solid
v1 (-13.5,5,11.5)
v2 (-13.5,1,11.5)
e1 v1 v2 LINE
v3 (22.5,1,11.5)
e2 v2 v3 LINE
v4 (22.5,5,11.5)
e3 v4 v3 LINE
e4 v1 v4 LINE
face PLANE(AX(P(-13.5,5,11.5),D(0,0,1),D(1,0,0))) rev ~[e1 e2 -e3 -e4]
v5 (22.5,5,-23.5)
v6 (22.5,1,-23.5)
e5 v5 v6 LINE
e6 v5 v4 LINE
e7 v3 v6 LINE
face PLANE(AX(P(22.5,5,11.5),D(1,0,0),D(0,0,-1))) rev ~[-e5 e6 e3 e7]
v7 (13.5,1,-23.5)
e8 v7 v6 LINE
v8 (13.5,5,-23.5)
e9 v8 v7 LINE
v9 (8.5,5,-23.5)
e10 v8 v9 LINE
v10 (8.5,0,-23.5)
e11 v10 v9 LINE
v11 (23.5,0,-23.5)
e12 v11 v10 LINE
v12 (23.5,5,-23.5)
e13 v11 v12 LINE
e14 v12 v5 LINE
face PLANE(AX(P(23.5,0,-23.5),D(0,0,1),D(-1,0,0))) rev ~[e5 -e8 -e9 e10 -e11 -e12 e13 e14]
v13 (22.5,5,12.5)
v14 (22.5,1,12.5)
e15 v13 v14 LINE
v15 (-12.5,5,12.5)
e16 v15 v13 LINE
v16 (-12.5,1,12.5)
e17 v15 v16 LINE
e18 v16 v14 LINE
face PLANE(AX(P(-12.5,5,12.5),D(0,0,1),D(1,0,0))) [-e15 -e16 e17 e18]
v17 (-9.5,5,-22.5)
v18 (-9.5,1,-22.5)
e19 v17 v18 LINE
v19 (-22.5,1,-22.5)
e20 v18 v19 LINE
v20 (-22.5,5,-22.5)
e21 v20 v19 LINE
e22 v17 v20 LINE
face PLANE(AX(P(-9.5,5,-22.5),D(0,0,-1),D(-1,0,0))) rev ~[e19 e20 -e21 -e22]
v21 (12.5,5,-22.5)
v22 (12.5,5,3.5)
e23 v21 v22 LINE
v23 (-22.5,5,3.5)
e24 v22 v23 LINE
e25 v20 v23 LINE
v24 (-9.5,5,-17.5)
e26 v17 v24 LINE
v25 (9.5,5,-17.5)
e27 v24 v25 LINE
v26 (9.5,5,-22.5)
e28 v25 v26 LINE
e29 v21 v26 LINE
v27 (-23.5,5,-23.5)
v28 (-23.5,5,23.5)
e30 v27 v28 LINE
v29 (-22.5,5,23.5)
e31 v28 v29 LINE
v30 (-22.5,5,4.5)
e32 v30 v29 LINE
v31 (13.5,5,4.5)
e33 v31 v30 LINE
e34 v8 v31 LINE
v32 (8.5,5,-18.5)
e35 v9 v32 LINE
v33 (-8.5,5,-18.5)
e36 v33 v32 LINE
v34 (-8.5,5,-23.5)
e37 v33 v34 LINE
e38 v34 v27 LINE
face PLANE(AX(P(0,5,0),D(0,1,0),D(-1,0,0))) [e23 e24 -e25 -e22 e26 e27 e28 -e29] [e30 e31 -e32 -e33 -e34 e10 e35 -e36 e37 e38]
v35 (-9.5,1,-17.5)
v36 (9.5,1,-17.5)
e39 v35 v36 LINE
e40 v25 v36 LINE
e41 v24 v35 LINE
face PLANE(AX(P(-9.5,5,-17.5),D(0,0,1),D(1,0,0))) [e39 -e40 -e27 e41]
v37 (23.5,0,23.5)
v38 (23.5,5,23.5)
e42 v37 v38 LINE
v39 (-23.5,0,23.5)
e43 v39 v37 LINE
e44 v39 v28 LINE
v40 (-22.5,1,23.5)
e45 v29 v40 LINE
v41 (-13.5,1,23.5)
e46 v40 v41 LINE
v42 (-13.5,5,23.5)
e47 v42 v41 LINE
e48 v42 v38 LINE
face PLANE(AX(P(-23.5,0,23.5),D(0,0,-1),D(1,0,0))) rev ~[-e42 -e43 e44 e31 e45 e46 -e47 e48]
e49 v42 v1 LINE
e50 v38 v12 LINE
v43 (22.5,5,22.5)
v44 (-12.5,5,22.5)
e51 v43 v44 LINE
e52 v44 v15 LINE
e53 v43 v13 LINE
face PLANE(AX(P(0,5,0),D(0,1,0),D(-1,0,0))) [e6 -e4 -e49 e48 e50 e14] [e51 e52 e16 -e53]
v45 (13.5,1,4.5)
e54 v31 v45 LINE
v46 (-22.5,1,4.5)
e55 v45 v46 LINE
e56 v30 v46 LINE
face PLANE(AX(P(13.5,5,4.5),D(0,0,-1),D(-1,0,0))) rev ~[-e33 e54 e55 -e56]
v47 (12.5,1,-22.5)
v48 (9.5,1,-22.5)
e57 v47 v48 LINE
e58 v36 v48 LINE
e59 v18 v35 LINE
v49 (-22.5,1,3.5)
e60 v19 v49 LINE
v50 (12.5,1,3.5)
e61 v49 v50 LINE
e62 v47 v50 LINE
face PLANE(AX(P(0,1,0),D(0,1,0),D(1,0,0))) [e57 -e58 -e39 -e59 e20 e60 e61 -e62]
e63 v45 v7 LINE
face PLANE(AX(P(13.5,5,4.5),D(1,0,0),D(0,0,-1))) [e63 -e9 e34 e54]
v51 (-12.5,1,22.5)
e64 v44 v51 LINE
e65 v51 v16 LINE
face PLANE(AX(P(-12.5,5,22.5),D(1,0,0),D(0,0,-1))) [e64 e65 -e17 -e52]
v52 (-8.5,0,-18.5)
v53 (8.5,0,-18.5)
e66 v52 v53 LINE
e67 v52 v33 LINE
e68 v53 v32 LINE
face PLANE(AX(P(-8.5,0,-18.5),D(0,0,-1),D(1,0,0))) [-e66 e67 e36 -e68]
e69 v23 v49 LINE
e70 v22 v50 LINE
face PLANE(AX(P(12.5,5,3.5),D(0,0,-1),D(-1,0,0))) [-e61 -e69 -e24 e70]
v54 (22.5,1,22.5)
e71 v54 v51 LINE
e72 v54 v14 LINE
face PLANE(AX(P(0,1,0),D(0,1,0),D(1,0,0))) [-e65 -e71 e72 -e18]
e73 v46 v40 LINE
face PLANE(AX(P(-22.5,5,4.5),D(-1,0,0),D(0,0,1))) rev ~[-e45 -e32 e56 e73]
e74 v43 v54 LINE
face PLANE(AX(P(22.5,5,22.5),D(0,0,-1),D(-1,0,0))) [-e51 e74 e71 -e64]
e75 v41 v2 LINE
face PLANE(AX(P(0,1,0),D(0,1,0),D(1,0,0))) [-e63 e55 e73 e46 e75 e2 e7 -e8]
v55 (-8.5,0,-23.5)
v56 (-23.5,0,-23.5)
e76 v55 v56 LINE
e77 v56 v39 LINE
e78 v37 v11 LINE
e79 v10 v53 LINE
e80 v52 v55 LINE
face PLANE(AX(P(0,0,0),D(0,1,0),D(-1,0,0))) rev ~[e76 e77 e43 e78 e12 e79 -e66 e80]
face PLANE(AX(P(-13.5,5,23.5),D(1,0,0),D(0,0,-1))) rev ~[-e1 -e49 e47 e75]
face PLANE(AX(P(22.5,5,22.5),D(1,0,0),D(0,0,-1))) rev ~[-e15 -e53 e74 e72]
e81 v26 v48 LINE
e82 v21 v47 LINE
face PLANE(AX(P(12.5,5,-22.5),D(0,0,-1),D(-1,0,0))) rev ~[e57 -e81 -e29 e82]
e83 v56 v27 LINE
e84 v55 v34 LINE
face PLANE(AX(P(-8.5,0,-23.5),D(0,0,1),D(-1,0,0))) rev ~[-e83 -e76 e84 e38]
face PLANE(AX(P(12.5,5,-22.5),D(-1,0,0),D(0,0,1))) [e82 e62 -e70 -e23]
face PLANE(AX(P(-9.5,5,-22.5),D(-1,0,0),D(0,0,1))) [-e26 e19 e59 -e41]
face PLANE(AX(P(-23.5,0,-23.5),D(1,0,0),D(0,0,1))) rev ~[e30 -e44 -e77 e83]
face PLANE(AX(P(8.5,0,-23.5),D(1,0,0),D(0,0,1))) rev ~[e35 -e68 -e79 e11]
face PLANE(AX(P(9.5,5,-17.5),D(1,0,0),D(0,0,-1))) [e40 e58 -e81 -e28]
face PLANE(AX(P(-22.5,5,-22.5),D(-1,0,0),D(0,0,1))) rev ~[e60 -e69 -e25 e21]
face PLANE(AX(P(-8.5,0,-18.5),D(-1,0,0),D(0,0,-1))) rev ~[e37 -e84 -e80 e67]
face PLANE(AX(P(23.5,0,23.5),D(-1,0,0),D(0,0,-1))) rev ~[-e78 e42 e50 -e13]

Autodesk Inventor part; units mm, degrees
ref_plane "YZ Plane" through (0, 0, 0) normal (1, 0, 0) x (0, 1, 0)
ref_plane "XZ Plane" through (0, 0, 0) normal (0, 1, 0) x (-1, 0, 0)
ref_plane "XY Plane" through (0, 0, 0) normal (0, 0, 1) x (1, 0, 0)
sketch "Sketch1" plane through (0, 0, 0) normal (0, 1, 0) x (-1, 0, 0)
  point P0 (0, 0)
sketch "Sketch2" plane through (0, 0, 0) normal (0, 1, 0) x (-1, 0, 0)
  line L0 (23.5, 23.5) -> (-23.5, 23.5)
  line L1 (-23.5, 23.5) -> (-23.5, -23.5)
  line L2 (23.5, -23.5) -> (23.5, 23.5)
  line L3 (8.5, -18.5) -> (-8.5, -18.5)
  line L4 (-8.5, -23.5) -> (-8.5, -18.5)
  line L5 (8.5, -18.5) -> (8.5, -23.5)
  line L6 (-23.5, -23.5) -> (-8.5, -23.5)
  line L7 (8.5, -23.5) -> (23.5, -23.5)
  point P0 (0, 0)
  dimension "d4" = 47
  dimension "d5" = 47
  dimension "d7" = 23.5
  dimension "d41" = 15
  dimension "d42" = 15
extrude "Extrusion1" add sketch "Sketch2" along normal blind 5
sketch "Sketch3" plane through (0, 5, 0) normal (0, 1, 0) x (1, 0, 0)
  point P0 (0, 0)
sketch "Sketch4" plane through (0, 5, 0) normal (0, 1, 0) x (1, 0, 0)
  line L0 (22.5, -22.5) -> (22.5, 22.5)
  line L1 (-22.5, 22.5) -> (-22.5, -31.5)
  line L2 (22.5, 22.5) -> (13.5356, 22.5)
  line L3 (22.5, 11) -> (22.5, 22.5)
  line L4 (13.5, -4.5) -> (-22.5, -4.5)
  line L5 (-22.5, -4.5) -> (-22.5, -23.5)
  line L6 (-23.5, 23.5) -> (-23.5, -23.5) projected
  line L7 (-22.5, -23.5) -> (-13.5, -23.5)
  line L8 (-13.5, -23.5) -> (-13.5, -11.5)
  line L9 (-13.5, -11.5) -> (22.5, -11.5)
  line L10 (13.5, -4.5) -> (13.5, 23.5)
  line L11 (13.5, 23.5) -> (22.5, 23.5)
  line L12 (22.5, 23.5) -> (22.5, -11.5)
  line L13 (22.5, -22.5) -> (-12.5, -22.5)
  line L14 (-12.5, -22.5) -> (-12.5, -12.5)
  line L15 (-12.5, -12.5) -> (22.5, -12.5)
  line L16 (22.5, -12.5) -> (22.5, -22.5)
  line L17 (12.5, 22.5) -> (12.5, -3.5)
  line L18 (12.5, -3.5) -> (-22.5, -3.5)
  line L19 (-22.5, -3.5) -> (-22.5, 22.5)
  line L20 (-9.5, 22.5) -> (-9.5, 17.5)
  line L21 (-9.5, 17.5) -> (9.5, 17.5)
  line L22 (9.5, 17.5) -> (9.5, 22.5)
  line L23 (-8.5, 18.5) -> (-8.5, 23.5) projected
  line L24 (8.5, 23.5) -> (8.5, 18.5) projected
  line L25 (22.5, 22.5) -> (8.5, 22.5)
  line L26 (-8.5, 22.5) -> (-22.5, 22.5)
  line L27 (-22.5, 22.5) -> (-8.5, 22.5)
  line L28 (8.5, 22.5) -> (12.5, 22.5)
  line L29 (-5, -3.5) -> (-20.0496, -3.5)
  line L30 (-20.0496, -3.5) -> (-20.0496, 2.4851)
  line L31 (-20.0496, 2.4851) -> (-5, 2.4851)
  line L32 (-5, 2.4851) -> (-5, -3.5)
  line L33 (-23.5, -23.5) -> (23.5, -23.5) projected
  line L34 (23.5, 23.5) -> (8.5, 23.5) projected
  point P0 (0, 0)
  point P1 (22.5, 22.5)
  point P2 (22.5, -12.5)
  point P3 (-22.5, -3.5)
  point P4 (-9.5, 20)
  point P5 (8.5, 21)
  point P6 (12.5, 22.5)
  point P7 (13.5, 22.5)
  point P8 (9.5, 22.5)
  point P9 (22.5, 22.5)
  point P10 (10.5, 22.5)
  dimension "d10" = 45
  dimension "d13" = 22.5
  dimension "d33" = 9
  dimension "d36" = 1
  dimension "d38" = 1
  dimension "d39" = 1
  dimension "d43" = 5
  dimension "d44" = 1
  dimension "d45" = 1
  dimension "d50" = 1
  dimension "d51" = 11
  dimension "d52" = 18
  dimension "d53" = 1
  dimension "d54" = 1
extrude "Extrusion5" cut sketch "Sketch4" against normal blind 4 contours L13 L14 L15 L0 | L9 L8 L7 L1 L4 L10 L25 L2 L0 | L2 L25 L10 L11 L12 | L17 L18 L32 L31 L30 L1 L26 L20 L21 L22 L25 | L30 L31 L32 L18
sketch "PD placement" plane through (0, 1, 0) normal (0, 1, 0) x (1, 0, 0)
  line L0 (-4.5, -10.5) -> (0, -10.5)
  line L1 (0, -10.5) -> (0, -5)
  line L2 (0, -5) -> (-4.5, -5)
  line L3 (-4.5, -5) -> (-4.5, -10.5)
  line L4 (22.5, -22.5) -> (-12.5, -22.5) projected
  line L5 (22.5, 23.5) -> (22.5, -11.5) projected
  line L6 (-22.5, -23.5) -> (-22.5, -4.5) projected
  point P0 (0, 0)
  dimension "d55" = 4.5
  dimension "d56" = 5.5
  dimension "d57" = 12
  dimension "d59" = 18
properties part number "particle_sensor_case_top"
